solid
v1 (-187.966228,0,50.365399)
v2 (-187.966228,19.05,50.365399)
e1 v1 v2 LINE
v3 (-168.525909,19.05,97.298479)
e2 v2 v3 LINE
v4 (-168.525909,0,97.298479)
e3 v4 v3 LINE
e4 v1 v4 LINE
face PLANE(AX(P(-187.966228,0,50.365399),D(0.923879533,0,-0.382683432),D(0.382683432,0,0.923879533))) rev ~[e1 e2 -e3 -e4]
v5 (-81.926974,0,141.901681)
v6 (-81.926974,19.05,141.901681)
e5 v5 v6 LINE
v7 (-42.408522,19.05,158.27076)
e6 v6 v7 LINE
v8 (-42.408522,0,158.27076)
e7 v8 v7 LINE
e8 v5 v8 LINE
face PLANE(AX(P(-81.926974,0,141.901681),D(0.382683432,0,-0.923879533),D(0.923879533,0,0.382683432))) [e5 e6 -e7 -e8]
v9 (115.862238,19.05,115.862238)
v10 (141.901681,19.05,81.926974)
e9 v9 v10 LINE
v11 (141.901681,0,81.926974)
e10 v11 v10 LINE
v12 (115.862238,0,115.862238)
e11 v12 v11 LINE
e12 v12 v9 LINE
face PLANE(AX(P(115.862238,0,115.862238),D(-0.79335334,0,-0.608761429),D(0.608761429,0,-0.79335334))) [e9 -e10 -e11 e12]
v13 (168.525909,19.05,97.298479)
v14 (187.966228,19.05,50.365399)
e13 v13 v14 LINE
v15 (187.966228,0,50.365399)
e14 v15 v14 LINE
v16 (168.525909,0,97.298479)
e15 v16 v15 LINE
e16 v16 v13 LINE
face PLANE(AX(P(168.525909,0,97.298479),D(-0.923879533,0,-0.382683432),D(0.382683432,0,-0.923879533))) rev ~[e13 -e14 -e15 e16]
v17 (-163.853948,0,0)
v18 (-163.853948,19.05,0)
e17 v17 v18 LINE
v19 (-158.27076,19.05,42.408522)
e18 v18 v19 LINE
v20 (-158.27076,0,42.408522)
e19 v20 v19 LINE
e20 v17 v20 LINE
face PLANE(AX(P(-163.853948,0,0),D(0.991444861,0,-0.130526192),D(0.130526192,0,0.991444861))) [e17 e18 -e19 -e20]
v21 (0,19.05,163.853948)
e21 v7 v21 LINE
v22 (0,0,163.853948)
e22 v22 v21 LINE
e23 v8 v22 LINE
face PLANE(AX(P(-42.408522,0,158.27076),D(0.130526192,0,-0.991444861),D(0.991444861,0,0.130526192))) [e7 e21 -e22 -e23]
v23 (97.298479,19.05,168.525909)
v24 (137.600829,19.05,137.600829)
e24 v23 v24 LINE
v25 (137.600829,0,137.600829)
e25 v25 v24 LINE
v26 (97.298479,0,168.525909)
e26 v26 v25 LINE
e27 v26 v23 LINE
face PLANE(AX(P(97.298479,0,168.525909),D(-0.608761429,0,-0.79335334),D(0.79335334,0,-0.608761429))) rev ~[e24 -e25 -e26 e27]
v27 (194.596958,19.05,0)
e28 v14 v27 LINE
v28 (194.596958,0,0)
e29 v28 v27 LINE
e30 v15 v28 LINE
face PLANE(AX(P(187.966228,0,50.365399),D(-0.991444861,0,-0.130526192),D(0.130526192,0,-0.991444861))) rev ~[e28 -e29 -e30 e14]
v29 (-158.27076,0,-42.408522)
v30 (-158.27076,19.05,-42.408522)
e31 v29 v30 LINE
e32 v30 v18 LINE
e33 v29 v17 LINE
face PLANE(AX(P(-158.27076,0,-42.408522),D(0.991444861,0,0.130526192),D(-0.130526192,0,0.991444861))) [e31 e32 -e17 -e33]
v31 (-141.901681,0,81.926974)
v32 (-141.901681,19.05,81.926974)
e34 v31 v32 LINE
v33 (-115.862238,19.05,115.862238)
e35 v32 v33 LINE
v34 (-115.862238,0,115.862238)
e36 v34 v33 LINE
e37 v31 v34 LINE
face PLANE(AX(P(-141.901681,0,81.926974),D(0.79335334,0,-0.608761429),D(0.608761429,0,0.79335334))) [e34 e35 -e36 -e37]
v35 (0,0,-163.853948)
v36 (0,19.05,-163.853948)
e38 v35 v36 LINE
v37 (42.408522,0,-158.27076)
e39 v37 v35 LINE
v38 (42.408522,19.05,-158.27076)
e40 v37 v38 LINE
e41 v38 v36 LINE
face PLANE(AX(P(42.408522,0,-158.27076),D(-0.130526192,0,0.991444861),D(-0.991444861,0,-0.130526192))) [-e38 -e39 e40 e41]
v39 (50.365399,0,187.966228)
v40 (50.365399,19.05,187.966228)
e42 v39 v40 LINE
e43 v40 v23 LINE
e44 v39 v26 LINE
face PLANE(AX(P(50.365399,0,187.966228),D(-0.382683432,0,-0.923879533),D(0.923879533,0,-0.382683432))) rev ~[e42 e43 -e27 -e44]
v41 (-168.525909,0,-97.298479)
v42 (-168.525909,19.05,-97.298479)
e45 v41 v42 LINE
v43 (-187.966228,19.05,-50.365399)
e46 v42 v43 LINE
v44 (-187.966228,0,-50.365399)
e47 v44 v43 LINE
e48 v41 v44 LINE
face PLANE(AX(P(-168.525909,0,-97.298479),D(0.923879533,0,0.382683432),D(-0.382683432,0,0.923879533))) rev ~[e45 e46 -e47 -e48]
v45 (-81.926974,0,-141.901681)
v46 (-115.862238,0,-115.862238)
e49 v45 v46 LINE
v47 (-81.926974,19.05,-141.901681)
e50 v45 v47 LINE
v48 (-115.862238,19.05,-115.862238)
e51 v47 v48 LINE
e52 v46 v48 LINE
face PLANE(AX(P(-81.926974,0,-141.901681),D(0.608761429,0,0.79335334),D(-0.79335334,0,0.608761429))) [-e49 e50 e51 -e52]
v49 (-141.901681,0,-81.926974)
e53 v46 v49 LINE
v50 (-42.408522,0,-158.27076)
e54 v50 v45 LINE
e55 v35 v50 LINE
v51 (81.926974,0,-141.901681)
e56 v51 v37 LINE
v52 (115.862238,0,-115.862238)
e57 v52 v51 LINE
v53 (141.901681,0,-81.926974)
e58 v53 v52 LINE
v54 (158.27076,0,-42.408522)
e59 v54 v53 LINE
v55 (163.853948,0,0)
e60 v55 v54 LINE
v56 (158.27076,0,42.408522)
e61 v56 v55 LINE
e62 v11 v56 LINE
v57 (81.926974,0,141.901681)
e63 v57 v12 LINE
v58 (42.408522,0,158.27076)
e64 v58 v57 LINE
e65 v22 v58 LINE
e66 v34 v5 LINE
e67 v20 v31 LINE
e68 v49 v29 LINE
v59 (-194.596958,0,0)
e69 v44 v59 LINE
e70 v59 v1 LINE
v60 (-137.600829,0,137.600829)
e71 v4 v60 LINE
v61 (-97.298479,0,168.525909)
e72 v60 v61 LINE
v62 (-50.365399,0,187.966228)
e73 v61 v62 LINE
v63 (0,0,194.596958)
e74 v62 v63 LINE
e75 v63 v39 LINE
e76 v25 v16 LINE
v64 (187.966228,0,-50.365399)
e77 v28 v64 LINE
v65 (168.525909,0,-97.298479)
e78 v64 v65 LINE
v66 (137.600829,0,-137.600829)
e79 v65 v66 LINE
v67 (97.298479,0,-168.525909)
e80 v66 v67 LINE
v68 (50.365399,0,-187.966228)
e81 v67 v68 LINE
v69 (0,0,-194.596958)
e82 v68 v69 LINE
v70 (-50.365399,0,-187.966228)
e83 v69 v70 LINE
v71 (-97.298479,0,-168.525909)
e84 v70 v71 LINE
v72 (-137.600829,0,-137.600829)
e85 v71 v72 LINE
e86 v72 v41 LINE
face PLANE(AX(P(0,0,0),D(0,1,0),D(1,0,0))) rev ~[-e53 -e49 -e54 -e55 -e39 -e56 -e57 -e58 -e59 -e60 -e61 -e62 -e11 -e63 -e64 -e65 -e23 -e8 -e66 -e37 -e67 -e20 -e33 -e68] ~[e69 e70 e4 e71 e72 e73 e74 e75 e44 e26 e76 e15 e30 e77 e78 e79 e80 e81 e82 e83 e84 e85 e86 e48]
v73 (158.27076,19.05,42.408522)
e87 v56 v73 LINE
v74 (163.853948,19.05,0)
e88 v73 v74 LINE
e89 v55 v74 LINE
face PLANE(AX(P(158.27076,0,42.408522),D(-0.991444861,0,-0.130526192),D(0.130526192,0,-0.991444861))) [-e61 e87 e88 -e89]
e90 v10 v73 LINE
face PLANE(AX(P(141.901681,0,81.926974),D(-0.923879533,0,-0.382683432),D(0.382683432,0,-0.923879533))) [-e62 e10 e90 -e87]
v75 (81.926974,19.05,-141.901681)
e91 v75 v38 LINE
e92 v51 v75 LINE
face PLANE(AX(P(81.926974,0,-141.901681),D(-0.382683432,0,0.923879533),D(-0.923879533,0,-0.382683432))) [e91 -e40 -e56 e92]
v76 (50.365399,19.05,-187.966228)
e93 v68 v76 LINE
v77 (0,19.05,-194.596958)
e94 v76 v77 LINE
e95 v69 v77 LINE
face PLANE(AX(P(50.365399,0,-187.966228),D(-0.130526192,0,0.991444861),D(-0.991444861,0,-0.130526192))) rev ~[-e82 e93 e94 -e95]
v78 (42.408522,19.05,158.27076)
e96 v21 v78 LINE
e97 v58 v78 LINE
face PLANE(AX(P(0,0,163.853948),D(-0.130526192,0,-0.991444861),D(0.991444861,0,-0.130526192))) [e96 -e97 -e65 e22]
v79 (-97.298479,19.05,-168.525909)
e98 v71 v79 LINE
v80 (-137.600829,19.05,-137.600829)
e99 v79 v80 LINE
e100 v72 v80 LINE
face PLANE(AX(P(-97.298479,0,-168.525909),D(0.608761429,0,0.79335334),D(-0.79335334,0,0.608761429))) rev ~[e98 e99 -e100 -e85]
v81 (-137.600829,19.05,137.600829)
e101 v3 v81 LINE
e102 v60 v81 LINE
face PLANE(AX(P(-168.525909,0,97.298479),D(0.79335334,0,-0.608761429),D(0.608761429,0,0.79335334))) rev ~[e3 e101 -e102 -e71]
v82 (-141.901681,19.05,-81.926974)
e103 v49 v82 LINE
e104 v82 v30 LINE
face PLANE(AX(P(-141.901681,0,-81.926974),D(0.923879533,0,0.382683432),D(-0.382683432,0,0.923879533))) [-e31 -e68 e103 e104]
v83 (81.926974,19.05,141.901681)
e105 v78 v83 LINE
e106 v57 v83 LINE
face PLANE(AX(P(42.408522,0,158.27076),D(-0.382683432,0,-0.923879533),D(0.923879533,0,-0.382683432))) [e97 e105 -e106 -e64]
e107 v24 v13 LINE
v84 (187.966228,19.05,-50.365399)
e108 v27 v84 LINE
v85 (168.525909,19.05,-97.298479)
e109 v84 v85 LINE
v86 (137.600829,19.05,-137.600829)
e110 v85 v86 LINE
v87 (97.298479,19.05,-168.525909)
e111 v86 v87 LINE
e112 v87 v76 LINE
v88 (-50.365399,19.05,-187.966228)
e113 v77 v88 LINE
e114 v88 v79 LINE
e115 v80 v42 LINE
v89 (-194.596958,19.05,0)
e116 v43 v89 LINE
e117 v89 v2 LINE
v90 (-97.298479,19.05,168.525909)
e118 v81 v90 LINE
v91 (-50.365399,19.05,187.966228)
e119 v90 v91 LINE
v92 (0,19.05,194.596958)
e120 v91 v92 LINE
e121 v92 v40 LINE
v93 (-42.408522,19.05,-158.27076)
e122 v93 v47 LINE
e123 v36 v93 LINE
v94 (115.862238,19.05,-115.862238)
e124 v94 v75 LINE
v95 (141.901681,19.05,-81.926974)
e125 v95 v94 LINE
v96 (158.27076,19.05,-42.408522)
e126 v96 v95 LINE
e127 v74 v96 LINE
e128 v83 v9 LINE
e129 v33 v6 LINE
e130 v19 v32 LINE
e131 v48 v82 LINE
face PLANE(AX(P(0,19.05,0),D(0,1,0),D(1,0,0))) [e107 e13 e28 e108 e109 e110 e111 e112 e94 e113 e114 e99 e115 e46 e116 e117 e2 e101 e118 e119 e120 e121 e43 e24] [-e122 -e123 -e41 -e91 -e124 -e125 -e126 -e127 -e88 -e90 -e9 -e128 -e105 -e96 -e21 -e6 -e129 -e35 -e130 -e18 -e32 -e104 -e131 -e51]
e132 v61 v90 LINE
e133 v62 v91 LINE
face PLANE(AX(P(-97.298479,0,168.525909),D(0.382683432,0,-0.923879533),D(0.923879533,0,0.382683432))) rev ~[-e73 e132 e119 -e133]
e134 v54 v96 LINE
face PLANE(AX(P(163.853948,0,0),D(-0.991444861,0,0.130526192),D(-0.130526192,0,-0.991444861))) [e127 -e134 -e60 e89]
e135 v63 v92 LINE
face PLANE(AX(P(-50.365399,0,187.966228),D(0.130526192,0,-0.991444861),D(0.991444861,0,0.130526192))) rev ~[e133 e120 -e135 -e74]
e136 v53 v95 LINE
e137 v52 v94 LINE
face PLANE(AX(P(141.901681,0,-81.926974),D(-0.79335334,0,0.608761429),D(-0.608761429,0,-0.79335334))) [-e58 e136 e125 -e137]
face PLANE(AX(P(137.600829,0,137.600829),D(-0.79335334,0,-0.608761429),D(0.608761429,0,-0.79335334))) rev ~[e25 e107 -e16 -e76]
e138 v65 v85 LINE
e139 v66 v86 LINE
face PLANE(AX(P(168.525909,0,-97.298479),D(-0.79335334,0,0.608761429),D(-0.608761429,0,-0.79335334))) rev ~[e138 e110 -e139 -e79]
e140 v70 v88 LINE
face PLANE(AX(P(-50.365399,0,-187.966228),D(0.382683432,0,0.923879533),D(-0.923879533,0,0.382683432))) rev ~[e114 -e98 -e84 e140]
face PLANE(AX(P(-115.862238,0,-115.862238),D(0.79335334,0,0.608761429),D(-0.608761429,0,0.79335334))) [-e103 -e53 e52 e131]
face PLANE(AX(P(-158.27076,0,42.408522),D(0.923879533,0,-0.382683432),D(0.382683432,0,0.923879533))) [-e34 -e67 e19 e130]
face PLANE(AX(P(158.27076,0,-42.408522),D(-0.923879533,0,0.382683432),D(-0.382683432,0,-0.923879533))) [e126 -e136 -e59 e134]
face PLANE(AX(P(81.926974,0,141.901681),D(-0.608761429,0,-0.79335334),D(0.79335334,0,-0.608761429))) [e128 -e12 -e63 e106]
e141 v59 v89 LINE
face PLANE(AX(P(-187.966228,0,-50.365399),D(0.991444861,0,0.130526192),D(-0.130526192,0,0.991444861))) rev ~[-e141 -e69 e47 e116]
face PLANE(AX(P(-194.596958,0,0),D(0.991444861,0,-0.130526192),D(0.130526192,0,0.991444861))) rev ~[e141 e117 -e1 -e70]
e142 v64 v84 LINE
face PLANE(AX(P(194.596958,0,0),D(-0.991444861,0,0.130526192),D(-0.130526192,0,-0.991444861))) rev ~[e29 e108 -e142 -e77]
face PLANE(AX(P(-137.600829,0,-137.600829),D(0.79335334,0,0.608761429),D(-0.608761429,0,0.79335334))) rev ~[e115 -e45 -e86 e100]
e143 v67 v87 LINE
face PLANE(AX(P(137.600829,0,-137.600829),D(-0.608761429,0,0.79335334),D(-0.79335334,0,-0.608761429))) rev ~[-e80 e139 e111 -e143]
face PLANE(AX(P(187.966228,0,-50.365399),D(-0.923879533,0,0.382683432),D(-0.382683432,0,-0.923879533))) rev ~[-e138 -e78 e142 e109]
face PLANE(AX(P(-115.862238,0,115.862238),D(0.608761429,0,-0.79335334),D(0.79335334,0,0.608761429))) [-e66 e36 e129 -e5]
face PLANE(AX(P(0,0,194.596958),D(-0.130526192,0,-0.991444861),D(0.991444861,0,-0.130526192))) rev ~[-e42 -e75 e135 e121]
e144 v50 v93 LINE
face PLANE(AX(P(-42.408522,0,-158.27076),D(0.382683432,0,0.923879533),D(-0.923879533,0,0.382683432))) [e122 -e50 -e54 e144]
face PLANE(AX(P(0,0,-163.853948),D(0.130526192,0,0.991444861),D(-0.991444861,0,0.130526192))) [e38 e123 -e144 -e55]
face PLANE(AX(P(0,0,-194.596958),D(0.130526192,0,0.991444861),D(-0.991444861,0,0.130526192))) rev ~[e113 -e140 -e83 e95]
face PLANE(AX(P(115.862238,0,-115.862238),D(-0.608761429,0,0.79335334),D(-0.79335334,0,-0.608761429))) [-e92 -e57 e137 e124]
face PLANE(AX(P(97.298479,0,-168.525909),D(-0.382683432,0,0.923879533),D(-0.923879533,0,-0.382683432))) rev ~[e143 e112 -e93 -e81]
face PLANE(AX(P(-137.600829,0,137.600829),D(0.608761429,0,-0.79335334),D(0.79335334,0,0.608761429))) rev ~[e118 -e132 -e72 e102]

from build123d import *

# Parameters (mm, degrees)
BOSS_EXTRUDE2_DEPTH = 19.05


with BuildPart() as part:
    # Sketch2 → Boss-Extrude2 (new body)
    with BuildSketch(Plane(origin=(0, 0, 0), x_dir=(1, 0, 0), z_dir=(0, 1, 0))):
        Polygon((-194.596958419, 0), (-187.966227854, -50.365398958), (-168.52590949, -97.298479209), (-137.600828896, -137.600828896), (-97.298479209, -168.52590949), (-50.365398958, -187.966227854), (0, -194.596958419), (50.365398958, -187.966227854), (97.298479209, -168.52590949), (137.600828896, -137.600828896), (168.52590949, -97.298479209), (187.966227854, -50.365398958), (194.596958419, 0), (187.966227854, 50.365398958), (168.52590949, 97.298479209), (137.600828896, 137.600828896), (97.298479209, 168.52590949), (50.365398958, 187.966227854), (0, 194.596958419), (-50.365398958, 187.966227854), (-97.298479209, 168.52590949), (-137.600828896, 137.600828896), (-168.52590949, 97.298479209), (-187.966227854, 50.365398958), align=None)
        Polygon((-163.8539477, 0), (-158.270759823, -42.40852228), (-141.901681219, -81.92697385), (-115.862237543, -115.862237543), (-81.92697385, -141.901681219), (-42.40852228, -158.270759823), (0, -163.8539477), (42.40852228, -158.270759823), (81.92697385, -141.901681219), (115.862237543, -115.862237543), (141.901681219, -81.92697385), (158.270759823, -42.40852228), (163.8539477, 0), (158.270759823, 42.40852228), (141.901681219, 81.92697385), (115.862237543, 115.862237543), (81.92697385, 141.901681219), (42.40852228, 158.270759823), (0, 163.8539477), (-42.40852228, 158.270759823), (-81.92697385, 141.901681219), (-115.862237543, 115.862237543), (-141.901681219, 81.92697385), (-158.270759823, 42.40852228), align=None, mode=Mode.SUBTRACT)
    extrude(amount=BOSS_EXTRUDE2_DEPTH)


solid = part.part
